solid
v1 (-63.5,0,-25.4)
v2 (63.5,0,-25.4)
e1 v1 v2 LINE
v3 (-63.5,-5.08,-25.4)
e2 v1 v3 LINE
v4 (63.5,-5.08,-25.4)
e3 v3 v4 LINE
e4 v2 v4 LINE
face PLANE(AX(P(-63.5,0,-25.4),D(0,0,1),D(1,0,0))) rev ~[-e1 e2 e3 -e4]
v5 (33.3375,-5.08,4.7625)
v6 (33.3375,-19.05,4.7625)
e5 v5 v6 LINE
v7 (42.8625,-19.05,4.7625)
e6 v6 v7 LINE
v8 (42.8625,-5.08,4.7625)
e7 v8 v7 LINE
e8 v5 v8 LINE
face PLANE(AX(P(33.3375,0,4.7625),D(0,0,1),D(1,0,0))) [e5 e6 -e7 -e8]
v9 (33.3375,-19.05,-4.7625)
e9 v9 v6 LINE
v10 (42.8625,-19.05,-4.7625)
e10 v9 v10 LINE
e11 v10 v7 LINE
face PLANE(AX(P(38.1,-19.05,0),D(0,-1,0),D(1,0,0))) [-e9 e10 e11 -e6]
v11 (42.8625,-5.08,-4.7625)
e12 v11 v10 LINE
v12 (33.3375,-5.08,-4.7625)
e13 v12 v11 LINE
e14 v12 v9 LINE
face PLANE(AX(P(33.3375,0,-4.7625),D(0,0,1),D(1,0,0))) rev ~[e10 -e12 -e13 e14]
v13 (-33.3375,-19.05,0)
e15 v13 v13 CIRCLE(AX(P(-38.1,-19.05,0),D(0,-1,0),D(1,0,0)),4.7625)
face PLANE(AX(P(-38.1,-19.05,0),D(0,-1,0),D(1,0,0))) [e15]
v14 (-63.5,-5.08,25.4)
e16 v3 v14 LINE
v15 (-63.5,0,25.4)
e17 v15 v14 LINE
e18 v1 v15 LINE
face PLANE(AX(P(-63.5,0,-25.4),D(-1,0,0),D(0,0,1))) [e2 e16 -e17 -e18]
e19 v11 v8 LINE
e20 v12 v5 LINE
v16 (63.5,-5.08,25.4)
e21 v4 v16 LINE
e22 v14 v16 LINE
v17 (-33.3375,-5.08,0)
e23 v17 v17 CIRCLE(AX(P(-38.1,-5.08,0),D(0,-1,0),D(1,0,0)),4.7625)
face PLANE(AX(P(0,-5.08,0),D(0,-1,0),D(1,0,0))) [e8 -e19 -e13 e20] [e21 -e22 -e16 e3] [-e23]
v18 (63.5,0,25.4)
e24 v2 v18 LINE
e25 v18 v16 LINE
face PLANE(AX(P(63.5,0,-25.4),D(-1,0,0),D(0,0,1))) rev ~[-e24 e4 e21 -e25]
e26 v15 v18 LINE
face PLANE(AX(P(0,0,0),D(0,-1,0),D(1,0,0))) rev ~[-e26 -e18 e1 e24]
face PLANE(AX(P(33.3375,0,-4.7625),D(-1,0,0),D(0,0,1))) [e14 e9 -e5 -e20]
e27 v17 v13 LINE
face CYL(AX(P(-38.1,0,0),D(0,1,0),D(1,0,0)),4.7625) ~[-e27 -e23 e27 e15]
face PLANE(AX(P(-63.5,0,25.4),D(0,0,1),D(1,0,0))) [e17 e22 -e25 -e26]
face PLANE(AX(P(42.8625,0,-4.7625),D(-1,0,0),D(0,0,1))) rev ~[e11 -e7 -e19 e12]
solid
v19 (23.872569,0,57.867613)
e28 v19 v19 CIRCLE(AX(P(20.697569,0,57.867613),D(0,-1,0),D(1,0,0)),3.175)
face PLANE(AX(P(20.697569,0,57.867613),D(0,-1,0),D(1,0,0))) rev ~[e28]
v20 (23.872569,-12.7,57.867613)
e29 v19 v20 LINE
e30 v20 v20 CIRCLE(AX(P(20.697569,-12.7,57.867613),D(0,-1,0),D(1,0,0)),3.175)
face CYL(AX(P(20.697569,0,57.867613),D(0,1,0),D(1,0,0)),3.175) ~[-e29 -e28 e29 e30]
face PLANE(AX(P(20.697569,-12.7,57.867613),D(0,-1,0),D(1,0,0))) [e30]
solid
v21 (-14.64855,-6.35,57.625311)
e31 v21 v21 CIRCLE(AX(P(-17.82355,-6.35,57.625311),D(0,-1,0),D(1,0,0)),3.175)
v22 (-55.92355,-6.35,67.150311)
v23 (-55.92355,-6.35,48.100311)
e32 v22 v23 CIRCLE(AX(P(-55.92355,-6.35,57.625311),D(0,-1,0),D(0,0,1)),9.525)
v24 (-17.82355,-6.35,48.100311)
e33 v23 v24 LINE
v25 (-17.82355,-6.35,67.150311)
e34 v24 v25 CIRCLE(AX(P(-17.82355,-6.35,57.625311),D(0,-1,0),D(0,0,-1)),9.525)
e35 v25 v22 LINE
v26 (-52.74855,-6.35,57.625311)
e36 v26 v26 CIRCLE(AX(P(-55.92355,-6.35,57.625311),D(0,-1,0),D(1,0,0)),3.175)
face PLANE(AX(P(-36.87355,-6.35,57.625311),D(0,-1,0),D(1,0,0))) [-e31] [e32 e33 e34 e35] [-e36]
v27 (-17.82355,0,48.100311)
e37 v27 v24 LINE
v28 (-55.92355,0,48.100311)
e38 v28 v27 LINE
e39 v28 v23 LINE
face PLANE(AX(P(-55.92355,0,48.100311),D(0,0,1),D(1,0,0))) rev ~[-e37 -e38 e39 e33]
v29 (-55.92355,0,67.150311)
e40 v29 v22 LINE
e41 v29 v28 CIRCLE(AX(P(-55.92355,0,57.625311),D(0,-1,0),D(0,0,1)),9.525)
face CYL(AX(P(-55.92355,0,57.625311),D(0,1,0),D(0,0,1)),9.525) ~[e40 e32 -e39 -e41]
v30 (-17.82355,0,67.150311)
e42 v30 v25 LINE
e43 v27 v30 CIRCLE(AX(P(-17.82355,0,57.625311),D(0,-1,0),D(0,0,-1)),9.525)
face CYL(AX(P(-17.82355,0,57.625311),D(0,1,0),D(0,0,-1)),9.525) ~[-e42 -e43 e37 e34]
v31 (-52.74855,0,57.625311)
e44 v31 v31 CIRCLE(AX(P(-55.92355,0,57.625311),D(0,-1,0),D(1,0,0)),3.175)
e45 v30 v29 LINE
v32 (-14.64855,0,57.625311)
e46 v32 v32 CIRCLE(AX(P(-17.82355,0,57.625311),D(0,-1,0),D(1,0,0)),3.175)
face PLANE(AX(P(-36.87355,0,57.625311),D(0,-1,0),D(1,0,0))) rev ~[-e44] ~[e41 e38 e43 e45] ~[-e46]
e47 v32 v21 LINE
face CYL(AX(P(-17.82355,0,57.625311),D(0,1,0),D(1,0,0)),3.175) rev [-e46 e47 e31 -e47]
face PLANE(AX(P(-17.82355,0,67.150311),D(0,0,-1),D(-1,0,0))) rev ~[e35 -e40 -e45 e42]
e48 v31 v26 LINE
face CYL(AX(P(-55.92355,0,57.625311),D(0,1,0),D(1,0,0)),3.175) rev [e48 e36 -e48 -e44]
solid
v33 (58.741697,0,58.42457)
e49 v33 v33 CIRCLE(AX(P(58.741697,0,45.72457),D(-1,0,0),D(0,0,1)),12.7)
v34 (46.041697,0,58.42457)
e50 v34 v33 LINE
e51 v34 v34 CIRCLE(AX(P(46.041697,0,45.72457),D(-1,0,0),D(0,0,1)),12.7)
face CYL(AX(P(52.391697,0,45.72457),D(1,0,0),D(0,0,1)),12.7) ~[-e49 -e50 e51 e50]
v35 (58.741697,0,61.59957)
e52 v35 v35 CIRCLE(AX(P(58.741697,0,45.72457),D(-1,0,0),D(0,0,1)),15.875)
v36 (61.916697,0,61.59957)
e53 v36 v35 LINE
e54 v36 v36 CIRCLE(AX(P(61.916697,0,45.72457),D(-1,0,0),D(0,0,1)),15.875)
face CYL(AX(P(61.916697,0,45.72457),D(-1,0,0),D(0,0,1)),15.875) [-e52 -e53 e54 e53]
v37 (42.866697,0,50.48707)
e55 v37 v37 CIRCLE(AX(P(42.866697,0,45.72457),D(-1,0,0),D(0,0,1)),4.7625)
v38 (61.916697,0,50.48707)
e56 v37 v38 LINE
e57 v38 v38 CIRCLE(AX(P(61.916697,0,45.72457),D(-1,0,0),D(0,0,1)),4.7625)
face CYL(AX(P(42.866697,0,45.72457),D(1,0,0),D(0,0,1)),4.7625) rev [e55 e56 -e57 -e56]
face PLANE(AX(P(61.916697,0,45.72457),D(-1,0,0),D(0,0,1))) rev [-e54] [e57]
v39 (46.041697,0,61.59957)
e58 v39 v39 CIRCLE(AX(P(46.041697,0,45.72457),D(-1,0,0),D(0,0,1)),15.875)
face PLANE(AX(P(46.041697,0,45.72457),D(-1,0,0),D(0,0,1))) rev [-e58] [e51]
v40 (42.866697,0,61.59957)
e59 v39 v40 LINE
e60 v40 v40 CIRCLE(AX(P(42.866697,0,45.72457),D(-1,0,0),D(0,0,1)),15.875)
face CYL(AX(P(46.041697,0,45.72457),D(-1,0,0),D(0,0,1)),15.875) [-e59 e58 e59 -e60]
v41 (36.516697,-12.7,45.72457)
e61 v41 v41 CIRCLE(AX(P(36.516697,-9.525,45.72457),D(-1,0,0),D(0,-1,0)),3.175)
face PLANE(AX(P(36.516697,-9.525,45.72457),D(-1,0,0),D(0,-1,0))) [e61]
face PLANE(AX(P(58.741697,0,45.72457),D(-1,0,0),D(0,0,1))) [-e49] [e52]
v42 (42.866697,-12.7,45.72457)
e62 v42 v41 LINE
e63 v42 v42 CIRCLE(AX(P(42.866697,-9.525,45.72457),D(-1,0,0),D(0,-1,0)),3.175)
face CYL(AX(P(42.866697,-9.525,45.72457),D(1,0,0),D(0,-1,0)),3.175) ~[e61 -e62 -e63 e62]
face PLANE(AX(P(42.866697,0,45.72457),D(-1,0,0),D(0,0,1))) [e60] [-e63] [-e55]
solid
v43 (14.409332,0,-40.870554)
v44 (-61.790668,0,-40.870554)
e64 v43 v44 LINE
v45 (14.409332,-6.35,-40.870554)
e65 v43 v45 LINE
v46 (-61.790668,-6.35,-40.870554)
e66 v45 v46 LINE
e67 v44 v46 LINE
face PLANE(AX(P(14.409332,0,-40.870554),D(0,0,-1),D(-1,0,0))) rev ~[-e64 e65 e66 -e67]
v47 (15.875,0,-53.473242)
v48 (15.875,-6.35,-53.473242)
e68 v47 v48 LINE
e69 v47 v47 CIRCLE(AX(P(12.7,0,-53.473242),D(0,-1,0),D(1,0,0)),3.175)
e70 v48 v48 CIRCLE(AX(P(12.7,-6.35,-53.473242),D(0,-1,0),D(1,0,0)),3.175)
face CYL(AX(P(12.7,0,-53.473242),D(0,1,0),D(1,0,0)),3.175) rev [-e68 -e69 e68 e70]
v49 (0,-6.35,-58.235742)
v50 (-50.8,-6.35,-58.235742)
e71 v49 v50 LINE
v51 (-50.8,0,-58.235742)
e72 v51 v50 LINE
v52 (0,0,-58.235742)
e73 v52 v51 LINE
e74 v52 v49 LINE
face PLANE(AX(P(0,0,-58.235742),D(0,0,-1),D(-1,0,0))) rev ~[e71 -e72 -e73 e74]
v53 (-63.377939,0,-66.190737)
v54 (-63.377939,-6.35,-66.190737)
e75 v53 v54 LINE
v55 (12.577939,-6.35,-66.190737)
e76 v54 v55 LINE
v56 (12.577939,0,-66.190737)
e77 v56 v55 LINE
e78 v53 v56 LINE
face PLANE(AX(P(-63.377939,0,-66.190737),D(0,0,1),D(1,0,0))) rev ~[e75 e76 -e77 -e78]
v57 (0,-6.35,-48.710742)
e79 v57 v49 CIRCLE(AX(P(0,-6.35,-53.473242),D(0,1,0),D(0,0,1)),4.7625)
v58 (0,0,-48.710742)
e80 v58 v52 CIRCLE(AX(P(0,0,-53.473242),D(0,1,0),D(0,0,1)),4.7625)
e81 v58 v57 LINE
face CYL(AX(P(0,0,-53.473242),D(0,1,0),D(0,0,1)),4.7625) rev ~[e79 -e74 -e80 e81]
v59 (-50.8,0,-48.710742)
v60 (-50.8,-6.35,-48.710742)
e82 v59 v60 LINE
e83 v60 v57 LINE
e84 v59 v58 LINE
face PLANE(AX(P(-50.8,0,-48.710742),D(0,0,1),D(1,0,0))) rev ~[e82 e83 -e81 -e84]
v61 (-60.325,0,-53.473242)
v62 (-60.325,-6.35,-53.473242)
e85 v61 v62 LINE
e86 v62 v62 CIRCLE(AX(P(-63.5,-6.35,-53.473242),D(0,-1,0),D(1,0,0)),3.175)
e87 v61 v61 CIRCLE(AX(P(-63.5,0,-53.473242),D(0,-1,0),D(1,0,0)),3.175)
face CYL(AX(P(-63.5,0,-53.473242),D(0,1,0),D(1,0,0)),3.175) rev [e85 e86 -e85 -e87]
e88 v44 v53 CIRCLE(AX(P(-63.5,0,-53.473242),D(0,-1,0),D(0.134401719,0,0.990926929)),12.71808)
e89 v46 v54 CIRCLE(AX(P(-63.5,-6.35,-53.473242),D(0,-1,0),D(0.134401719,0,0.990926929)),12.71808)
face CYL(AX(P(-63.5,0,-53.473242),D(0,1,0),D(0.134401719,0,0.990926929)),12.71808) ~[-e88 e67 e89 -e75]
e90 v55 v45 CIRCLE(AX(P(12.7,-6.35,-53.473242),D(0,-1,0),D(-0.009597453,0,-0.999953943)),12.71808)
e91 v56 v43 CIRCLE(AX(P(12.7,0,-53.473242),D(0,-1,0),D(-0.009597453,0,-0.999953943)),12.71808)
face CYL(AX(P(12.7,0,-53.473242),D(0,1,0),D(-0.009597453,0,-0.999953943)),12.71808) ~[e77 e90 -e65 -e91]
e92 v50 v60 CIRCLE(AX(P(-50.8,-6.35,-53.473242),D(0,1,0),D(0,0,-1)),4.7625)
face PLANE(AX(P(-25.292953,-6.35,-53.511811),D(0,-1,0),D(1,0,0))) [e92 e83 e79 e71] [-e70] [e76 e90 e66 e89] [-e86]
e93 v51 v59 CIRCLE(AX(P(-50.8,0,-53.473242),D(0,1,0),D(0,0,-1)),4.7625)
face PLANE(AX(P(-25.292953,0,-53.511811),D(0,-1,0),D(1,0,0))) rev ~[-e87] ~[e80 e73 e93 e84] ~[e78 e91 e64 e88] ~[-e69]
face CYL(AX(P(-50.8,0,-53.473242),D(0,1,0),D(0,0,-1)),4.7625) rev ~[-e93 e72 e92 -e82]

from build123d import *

# Parameters (mm, degrees)
F0_W      = 9.525
F0_H      = 9.525
F1_DEPTH  = 19.05
F0_W_2    = 127
F0_H_2    = 50.8
F0_R      = 4.7625
F2_DEPTH  = 5.08
F3_R      = 3.175
F4_DEPTH  = 6.35
F5_R      = 3.175
F6_DEPTH  = 6.35
F7_R      = 3.175
F8_DEPTH  = 12.7
F9_W      = 12.7
F9_H      = 7.9375
F11_R     = 3.175
F12_DEPTH = 6.35
F13_DEPTH = 19.05


with BuildPart() as f1:
    # F0 (on Front) → F1 (new body)
    with BuildSketch(Plane.XZ):
        with Locations((38.1, 0)):
            Rectangle(F0_W, F0_H)
    extrude(amount=F1_DEPTH)

    # F0 (on Front) → F2 (join)
    with BuildSketch(Plane.XZ):
        Rectangle(F0_W_2, F0_H_2)
        with Locations((-38.1, 0)):
            Circle(F0_R, mode=Mode.SUBTRACT)
        with Locations((38.1, 0)):
            Rectangle(F0_W, F0_H, mode=Mode.SUBTRACT)
    extrude(amount=F2_DEPTH)

    # F0 (on Front) → F13 (join)
    with BuildSketch(Plane.XZ):
        with Locations((-38.1, 0)):
            Circle(F0_R)
    extrude(amount=F13_DEPTH)


with BuildPart() as f4:
    # F3 (on Front) → F4 (new body)
    with BuildSketch(Plane.XZ):
        with BuildLine():
            Line((-55.92355, 48.100311), (-17.82355, 48.100311))
            ThreePointArc((-17.82355, 48.100311), (-8.29855, 57.625311), (-17.82355, 67.150311))
            Line((-17.82355, 67.150311), (-55.92355, 67.150311))
            ThreePointArc((-55.92355, 67.150311), (-65.44855, 57.625311), (-55.92355, 48.100311))
        make_face()
        with Locations((-55.92355, 57.625311)):
            Circle(F3_R, mode=Mode.SUBTRACT)
        with Locations((-17.82355, 57.625311)):
            Circle(F3_R, mode=Mode.SUBTRACT)
    extrude(amount=F4_DEPTH)


with BuildPart() as f6:
    # F5 (on Front) → F6 (new body)
    with BuildSketch(Plane.XZ):
        with BuildLine():
            Line((14.409332, -40.870554), (-61.790668, -40.870554))
            ThreePointArc((-61.790668, -40.870554), (-76.193164, -52.677533), (-63.377939, -66.190737))
            Line((-63.377939, -66.190737), (12.577939, -66.190737))
            ThreePointArc((12.577939, -66.190737), (25.384943, -54.390736), (14.409332, -40.870554))
        make_face()
        with Locations((-63.5, -53.473242)):
            Circle(F5_R, mode=Mode.SUBTRACT)
        with BuildLine():
            Line((-50.8, -48.710742), (-25.4, -48.710742))
            Line((-25.4, -48.710742), (0, -48.710742))
            ThreePointArc((0, -48.710742), (4.7625, -53.473242), (0, -58.235742))
            Line((0, -58.235742), (-25.4, -58.235742))
            Line((-25.4, -58.235742), (-50.8, -58.235742))
            ThreePointArc((-50.8, -58.235742), (-55.5625, -53.473242), (-50.8, -48.710742))
        make_face(mode=Mode.SUBTRACT)
        with Locations((12.7, -53.473242)):
            Circle(F5_R, mode=Mode.SUBTRACT)
    extrude(amount=F6_DEPTH)


with BuildPart() as f8:
    # F7 (on Front) → F8 (new body)
    with BuildSketch(Plane.XZ):
        with Locations((20.697569, 57.867613)):
            Circle(F7_R)
    extrude(amount=F8_DEPTH)


with BuildPart() as f10:
    # F9 (on Front) → F10 (revolve)
    with BuildSketch(Plane.XZ):
        Polygon((46.041697, 50.48707), (46.041697, 58.42457), (46.041697, 61.59957), (42.866697, 61.59957), (42.866697, 50.48707), align=None)
        with Locations((52.391697, 54.45582)):
            Rectangle(F9_W, F9_H)
        Polygon((58.741697, 61.59957), (58.741697, 58.42457), (58.741697, 50.48707), (61.916697, 50.48707), (61.916697, 61.59957), align=None)
    revolve(axis=Axis((45.960464, 0, 45.72457), (-1, 0, 0)))

    # F11 (on face) → F12 (join)
    with BuildSketch(Plane(origin=(42.866697, 0, 0), x_dir=(0, -1, 0), z_dir=(-1, 0, 0))):
        with Locations((9.525, 45.72457)):
            Circle(F11_R)
    extrude(amount=F12_DEPTH)


solid = Compound([f1.part, f4.part, f6.part, f8.part, f10.part])
